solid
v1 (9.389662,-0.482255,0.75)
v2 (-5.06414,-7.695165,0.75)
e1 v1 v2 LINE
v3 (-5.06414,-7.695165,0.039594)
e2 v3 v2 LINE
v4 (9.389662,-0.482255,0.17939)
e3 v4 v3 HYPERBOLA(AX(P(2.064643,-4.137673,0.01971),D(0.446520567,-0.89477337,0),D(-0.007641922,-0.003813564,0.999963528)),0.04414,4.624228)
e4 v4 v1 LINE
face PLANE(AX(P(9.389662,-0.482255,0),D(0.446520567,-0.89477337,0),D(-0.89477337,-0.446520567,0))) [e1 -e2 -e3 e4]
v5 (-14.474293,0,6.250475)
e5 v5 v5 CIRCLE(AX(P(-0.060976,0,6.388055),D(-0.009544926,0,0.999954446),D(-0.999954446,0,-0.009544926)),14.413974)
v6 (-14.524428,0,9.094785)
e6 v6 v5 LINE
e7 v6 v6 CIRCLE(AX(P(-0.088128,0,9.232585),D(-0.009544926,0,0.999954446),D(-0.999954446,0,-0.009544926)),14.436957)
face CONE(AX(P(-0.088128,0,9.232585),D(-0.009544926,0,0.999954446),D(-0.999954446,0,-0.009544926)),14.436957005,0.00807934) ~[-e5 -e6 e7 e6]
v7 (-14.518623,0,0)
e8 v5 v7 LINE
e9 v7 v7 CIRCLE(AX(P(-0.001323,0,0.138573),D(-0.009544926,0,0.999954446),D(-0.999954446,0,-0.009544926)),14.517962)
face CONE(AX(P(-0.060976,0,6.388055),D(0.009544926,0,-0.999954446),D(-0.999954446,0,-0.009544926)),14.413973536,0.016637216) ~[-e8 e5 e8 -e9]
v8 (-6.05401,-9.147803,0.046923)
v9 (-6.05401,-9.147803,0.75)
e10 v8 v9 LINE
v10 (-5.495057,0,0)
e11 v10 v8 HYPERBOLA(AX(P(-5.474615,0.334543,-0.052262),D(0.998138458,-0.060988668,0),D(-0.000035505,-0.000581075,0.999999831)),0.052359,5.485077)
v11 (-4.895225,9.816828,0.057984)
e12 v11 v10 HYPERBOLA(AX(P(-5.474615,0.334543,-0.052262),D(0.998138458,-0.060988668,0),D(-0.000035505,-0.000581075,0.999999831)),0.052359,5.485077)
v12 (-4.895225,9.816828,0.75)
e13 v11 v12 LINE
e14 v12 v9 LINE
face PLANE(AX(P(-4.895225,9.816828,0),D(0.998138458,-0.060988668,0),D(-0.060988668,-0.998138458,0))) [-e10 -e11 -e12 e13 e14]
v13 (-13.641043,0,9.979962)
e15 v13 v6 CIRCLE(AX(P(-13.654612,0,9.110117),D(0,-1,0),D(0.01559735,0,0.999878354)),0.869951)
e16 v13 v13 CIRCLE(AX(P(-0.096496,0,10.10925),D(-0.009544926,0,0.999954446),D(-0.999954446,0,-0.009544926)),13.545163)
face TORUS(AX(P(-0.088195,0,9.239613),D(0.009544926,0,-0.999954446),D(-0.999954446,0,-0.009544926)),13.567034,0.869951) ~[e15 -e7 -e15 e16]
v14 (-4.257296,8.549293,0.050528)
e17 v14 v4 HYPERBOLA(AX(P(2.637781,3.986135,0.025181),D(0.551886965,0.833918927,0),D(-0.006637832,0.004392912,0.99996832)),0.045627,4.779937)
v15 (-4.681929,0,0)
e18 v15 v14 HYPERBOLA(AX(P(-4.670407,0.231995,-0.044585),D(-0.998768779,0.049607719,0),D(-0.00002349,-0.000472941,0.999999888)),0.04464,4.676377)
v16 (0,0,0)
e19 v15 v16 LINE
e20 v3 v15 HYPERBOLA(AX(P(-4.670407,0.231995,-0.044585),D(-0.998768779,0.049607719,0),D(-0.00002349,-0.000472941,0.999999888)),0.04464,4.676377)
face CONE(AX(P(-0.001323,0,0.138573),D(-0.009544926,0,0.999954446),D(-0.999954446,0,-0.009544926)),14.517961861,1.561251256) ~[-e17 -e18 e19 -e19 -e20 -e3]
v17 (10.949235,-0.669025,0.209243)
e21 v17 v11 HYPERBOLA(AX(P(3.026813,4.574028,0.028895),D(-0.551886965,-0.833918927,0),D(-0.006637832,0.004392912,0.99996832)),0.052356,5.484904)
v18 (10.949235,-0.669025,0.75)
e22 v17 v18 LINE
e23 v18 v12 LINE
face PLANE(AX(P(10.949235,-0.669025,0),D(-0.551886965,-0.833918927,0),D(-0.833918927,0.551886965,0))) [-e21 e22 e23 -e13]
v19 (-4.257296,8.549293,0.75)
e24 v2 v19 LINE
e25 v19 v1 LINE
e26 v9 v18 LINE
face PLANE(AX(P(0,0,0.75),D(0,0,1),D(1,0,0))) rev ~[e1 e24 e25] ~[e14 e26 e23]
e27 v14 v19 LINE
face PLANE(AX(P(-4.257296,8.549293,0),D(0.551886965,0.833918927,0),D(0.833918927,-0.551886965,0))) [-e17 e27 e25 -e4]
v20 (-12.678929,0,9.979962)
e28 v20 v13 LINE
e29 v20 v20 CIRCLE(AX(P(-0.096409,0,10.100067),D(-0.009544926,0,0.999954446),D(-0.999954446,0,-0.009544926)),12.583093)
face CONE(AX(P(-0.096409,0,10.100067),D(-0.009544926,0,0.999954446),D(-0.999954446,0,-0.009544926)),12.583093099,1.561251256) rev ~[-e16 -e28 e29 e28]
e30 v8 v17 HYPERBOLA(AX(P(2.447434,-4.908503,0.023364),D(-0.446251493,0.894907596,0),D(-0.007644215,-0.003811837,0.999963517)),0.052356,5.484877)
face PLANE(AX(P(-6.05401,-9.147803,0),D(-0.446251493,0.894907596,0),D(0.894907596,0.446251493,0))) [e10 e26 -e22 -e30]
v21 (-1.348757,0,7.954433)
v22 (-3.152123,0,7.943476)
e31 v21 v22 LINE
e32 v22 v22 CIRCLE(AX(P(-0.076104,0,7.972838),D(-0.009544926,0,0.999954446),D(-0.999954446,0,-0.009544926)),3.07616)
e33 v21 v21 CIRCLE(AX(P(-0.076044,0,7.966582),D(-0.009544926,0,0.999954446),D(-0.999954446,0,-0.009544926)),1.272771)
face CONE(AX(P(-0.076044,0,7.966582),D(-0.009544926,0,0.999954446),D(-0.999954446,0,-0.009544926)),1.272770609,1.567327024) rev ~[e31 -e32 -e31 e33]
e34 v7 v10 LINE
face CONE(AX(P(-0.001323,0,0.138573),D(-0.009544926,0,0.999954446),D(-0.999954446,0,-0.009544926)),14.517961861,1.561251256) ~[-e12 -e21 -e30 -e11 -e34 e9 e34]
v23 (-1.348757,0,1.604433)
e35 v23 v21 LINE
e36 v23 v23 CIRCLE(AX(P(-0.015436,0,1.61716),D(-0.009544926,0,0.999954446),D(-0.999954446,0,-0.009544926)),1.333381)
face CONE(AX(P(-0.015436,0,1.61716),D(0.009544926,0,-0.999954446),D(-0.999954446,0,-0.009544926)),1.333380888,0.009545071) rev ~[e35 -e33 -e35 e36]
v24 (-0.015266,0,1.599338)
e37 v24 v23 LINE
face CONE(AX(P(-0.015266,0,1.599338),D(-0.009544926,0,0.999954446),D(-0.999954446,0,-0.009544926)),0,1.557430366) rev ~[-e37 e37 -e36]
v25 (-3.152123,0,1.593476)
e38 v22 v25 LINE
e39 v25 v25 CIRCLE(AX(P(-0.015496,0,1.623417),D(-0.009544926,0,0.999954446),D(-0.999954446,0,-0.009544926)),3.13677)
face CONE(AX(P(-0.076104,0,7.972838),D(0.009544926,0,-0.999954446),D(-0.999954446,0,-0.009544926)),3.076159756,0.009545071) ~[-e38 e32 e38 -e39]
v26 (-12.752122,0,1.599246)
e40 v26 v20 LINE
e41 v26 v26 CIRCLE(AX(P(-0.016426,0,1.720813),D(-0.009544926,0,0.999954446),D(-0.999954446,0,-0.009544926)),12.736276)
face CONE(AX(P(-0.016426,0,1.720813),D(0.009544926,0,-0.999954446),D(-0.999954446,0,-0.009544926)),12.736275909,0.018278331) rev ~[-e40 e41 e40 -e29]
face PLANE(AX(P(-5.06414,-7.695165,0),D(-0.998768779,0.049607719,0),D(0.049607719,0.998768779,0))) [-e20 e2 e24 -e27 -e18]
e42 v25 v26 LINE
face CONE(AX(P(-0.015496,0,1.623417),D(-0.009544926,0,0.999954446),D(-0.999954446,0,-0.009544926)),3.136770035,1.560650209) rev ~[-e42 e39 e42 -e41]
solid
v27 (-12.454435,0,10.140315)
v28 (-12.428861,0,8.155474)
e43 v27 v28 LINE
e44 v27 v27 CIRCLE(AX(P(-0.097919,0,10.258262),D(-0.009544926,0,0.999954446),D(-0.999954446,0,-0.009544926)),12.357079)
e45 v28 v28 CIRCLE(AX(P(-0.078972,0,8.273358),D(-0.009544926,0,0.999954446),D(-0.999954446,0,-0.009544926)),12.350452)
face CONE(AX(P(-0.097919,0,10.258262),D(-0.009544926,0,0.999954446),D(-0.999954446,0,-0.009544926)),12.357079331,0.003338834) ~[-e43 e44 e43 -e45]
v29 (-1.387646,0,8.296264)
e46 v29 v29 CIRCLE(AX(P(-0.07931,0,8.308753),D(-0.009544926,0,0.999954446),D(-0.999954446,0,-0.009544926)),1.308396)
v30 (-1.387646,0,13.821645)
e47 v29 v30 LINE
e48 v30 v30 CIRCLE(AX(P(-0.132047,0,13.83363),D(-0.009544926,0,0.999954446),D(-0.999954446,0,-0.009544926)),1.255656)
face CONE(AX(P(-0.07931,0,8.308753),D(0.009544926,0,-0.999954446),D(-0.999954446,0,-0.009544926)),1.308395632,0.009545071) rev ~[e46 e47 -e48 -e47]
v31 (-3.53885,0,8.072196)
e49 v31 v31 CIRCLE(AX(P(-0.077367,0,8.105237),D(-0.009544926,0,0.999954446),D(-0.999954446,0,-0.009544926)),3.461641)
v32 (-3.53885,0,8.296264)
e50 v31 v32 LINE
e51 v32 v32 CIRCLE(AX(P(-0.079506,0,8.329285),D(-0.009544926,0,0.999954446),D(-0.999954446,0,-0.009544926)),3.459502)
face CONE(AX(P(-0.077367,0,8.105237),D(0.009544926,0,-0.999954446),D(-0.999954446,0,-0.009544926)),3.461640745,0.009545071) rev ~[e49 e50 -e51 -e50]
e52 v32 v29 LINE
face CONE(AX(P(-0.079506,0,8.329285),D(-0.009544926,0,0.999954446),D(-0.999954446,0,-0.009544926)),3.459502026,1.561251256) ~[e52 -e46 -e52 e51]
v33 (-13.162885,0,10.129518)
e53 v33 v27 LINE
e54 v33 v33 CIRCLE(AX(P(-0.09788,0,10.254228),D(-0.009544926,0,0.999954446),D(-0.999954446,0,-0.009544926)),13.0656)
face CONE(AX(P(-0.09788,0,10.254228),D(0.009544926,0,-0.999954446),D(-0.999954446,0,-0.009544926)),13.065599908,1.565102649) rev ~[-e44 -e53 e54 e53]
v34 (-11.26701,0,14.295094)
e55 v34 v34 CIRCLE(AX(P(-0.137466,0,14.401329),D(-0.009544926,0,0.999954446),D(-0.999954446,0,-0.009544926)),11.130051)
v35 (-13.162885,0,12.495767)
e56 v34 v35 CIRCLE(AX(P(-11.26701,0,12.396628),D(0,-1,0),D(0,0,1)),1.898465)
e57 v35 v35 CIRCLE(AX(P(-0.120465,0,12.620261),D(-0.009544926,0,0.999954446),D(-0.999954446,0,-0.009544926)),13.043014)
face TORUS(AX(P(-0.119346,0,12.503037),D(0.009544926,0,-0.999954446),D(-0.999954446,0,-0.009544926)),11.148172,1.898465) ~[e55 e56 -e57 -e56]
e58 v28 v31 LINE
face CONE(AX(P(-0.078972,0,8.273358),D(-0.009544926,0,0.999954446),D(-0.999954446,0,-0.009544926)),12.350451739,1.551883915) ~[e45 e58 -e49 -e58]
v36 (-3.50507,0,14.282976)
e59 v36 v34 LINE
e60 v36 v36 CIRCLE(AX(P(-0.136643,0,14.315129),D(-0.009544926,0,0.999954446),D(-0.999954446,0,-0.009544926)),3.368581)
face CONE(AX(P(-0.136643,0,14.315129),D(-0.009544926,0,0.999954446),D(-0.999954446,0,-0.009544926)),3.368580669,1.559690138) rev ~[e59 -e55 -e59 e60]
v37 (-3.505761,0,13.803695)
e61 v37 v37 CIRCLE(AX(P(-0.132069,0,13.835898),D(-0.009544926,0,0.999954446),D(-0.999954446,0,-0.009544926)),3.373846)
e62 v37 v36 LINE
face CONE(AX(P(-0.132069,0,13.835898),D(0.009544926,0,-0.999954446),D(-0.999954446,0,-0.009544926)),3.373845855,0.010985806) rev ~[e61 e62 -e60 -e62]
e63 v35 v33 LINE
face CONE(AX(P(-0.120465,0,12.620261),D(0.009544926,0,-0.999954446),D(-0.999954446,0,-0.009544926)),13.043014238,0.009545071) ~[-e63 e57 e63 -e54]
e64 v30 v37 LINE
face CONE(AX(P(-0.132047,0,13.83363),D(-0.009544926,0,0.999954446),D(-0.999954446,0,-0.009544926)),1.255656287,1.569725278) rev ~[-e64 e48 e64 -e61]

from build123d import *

# Parameters (mm, degrees)
F5_DEPTH = 0.75


with BuildPart() as f2:
    # F0 (on Front) → F2 (revolve)
    with BuildSketch(Plane.XZ):
        with BuildLine():
            Line((-1.3487565264, 7.9544333927), (-3.1521232403, 7.9434764208))
            Line((-3.1521232403, 7.9434764208), (-3.1521232403, 1.5934764208))
            Line((-3.1521232403, 1.5934764208), (-12.7521215063, 1.5992464713))
            Line((-12.7521215063, 1.5992464713), (-12.6789286733, 9.9799623713))
            Line((-12.6789286733, 9.9799623713), (-13.6410426348, 9.9799623713))
            ThreePointArc((-13.6410426348, 9.9799623713), (-14.2703829514, 9.7246417856), (-14.5244277004, 9.0947853727))
            Line((-14.5244277004, 9.0947853727), (-14.4742932171, 6.2504751841))
            Line((-14.4742932171, 6.2504751841), (-14.5186232403, 0))
            Line((-14.5186232403, 0), (0, 0))
            Line((0, 0), (-0.0152662604, 1.5993382476))
            Line((-0.0152662604, 1.5993382476), (-1.3487565264, 1.6044333927))
            Line((-1.3487565264, 1.6044333927), (-1.3487565264, 7.9544333927))
        make_face()
    revolve(axis=Axis((-0.0076331302, 0, 0.7996691238), (-0.0095449258, 0, 0.9999544462)))

    # F4 (on Top) → F5 (cut)
    with BuildSketch(Plane.XY):
        Polygon((-6.054009673, -9.1478030266), (10.9492346463, -0.6690246583), (-4.8952249733, 9.8168276848), align=None)
        Polygon((-5.0641396083, -7.6951645315), (-4.2572957464, 8.5492925718), (9.389662073, -0.48225461), align=None, mode=Mode.SUBTRACT)
    extrude(amount=F5_DEPTH, mode=Mode.SUBTRACT)


with BuildPart() as f3:
    # F1 (on Front) → F3 (revolve)
    with BuildSketch(Plane.XZ):
        with BuildLine():
            Line((-12.4288613136, 8.155473838), (-3.5388504621, 8.0721956371))
            Line((-3.5388504621, 8.0721956371), (-3.5388504621, 8.2962643355))
            Line((-3.5388504621, 8.2962643355), (-1.3876460725, 8.2962643355))
            Line((-1.3876460725, 8.2962643355), (-1.3876460725, 13.8216447085))
            Line((-1.3876460725, 13.8216447085), (-3.5057608038, 13.8036953285))
            Line((-3.5057608038, 13.8036953285), (-3.5050702863, 14.2829762243))
            Line((-3.5050702863, 14.2829762243), (-11.2670098338, 14.295093542))
            ThreePointArc((-11.2670098338, 14.295093542), (-12.5739068779, 13.7736506866), (-13.162885025, 12.4957667805))
            Line((-13.162885025, 12.4957667805), (-13.162885025, 10.1295179739))
            Line((-13.162885025, 10.1295179739), (-12.4544352293, 10.1403146982))
            Line((-12.4544352293, 10.1403146982), (-12.4288613136, 8.155473838))
        make_face()
    revolve(axis=Axis((-0.0076331302, 0, 0.7996691238), (-0.0095449258, 0, 0.9999544462)))


solid = Compound([f2.part, f3.part])
